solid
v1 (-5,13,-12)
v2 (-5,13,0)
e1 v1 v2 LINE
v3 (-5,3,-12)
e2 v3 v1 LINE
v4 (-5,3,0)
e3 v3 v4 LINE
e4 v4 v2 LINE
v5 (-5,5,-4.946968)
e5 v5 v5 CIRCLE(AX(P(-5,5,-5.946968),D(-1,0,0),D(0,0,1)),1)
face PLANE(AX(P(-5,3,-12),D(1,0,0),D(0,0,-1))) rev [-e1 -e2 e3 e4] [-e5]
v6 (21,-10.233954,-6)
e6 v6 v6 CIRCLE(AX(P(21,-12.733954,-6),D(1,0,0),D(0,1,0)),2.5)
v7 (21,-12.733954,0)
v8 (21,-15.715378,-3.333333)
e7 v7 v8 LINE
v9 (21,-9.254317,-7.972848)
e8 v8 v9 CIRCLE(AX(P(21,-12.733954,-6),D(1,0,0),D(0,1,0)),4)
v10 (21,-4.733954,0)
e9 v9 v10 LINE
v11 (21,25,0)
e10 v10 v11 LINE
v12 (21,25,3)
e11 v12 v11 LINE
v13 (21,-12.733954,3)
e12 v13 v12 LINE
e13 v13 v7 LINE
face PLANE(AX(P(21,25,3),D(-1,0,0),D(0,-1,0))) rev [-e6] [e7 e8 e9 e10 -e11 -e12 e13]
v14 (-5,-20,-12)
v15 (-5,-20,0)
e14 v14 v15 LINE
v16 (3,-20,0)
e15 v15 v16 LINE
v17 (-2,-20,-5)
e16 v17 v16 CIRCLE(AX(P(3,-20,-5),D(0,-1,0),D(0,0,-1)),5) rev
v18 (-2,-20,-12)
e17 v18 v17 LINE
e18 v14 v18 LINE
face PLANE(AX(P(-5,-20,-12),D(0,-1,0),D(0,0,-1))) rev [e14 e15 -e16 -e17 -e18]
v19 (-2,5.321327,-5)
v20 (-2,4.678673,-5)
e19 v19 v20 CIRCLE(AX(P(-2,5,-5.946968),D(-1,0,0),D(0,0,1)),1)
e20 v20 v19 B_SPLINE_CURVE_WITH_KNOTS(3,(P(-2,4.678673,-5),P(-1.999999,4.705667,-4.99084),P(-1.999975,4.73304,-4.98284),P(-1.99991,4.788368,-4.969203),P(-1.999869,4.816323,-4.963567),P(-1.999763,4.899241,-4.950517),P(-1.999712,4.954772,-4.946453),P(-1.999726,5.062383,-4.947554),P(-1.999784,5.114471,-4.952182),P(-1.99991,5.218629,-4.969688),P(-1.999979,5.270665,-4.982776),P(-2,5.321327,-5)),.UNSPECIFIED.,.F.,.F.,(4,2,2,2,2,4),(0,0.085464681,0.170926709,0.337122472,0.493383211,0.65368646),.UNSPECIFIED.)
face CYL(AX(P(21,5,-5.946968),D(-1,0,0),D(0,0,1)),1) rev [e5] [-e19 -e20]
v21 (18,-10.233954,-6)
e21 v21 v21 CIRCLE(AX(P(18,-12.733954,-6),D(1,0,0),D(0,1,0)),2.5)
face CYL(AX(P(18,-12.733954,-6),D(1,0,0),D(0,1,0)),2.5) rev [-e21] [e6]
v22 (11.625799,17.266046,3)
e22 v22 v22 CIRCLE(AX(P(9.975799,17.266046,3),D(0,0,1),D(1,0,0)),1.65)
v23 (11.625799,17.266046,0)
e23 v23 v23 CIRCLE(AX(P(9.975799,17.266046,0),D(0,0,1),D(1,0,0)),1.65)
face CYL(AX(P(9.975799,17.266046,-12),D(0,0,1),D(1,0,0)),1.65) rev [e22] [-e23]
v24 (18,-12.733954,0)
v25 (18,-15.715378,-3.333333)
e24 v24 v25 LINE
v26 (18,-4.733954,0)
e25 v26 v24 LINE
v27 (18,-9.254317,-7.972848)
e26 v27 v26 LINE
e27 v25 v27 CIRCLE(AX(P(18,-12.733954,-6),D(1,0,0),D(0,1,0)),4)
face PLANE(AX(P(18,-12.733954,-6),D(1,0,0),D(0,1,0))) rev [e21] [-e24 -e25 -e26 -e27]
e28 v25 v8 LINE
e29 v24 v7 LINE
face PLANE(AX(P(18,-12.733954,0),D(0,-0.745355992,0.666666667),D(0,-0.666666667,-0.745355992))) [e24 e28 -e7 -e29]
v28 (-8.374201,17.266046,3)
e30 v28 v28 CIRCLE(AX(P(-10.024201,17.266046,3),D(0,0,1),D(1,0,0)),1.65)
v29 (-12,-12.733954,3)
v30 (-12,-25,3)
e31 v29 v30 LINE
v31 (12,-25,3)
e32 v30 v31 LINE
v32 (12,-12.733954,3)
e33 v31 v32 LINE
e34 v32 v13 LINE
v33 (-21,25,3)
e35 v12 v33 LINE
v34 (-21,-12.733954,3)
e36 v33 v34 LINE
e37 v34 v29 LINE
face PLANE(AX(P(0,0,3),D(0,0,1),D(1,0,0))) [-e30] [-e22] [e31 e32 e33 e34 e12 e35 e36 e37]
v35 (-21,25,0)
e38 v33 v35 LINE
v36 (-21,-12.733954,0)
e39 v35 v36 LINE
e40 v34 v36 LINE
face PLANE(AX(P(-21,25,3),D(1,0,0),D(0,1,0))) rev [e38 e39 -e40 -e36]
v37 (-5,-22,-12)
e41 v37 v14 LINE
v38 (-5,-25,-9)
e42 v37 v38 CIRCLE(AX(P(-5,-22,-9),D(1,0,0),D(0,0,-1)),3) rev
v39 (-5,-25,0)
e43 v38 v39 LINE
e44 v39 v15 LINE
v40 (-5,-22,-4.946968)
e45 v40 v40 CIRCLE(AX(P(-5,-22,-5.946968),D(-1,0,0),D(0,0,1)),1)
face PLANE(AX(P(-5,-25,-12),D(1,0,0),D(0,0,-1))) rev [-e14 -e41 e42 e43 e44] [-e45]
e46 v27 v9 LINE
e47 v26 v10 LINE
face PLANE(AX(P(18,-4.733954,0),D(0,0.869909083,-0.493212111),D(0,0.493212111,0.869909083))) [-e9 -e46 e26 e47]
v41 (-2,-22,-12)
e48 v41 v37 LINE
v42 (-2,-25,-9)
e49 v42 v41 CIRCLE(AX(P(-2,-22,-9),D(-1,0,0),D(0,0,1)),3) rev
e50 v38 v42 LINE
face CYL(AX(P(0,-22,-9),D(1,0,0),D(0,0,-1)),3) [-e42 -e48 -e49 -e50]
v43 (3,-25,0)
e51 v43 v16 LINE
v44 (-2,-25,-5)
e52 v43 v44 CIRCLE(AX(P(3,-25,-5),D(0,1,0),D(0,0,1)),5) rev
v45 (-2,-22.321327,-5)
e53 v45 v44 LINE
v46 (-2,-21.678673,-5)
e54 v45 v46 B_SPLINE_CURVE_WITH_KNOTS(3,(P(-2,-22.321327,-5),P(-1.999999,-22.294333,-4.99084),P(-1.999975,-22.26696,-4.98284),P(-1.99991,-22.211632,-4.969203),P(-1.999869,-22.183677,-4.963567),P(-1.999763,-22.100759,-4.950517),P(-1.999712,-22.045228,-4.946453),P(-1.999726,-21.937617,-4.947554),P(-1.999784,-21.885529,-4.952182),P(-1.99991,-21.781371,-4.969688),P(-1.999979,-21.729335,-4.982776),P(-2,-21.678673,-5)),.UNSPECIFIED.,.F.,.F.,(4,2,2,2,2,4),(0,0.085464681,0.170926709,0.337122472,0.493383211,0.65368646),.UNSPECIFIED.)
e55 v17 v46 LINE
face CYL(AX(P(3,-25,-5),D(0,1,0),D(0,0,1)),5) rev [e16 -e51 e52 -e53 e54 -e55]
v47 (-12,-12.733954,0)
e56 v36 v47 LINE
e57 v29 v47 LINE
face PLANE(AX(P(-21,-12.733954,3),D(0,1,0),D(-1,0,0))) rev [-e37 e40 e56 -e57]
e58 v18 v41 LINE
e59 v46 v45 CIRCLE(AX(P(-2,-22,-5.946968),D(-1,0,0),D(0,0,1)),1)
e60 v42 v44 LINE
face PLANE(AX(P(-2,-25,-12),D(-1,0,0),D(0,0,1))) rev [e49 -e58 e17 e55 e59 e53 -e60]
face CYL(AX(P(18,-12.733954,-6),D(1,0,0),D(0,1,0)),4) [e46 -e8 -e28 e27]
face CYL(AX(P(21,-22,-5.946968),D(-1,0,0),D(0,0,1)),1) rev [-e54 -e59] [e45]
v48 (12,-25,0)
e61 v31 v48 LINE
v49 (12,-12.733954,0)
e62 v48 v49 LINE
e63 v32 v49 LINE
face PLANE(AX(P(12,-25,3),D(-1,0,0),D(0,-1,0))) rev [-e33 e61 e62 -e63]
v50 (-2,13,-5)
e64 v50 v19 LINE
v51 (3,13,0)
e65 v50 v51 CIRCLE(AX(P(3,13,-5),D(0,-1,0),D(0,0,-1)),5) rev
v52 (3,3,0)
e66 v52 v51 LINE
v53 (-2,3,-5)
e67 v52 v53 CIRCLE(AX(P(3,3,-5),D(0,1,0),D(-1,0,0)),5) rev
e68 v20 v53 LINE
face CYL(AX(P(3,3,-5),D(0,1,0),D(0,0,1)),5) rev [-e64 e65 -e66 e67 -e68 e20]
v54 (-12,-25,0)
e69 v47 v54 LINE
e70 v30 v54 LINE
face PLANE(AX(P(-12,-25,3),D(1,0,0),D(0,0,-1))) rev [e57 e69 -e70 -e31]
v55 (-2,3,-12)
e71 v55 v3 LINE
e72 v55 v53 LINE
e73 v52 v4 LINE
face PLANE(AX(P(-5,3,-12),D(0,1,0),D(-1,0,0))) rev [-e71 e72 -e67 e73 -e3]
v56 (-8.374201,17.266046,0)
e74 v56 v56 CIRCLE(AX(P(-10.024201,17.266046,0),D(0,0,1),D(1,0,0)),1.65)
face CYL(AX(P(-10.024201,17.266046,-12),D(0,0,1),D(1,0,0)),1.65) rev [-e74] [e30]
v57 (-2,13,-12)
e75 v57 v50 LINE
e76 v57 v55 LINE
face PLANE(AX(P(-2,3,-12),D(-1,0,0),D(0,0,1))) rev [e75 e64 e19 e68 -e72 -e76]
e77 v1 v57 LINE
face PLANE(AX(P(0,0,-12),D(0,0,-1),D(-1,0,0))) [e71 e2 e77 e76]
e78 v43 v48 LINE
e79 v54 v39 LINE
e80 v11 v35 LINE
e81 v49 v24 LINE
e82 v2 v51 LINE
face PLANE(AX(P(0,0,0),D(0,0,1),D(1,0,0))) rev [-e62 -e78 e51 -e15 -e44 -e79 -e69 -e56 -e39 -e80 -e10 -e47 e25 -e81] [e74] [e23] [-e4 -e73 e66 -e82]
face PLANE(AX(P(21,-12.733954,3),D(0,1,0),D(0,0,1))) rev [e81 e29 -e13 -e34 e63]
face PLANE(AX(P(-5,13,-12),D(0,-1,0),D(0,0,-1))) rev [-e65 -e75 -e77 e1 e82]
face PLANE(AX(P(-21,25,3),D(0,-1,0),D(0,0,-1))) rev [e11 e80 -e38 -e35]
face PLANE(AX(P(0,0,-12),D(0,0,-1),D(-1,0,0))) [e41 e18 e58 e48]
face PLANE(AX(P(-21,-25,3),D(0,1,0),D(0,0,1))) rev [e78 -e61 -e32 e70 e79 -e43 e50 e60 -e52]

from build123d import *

# Parameters (mm, degrees)
SKETCH_1_W          = 42
SKETCH_1_H          = 50
EXTRUDE_1_DEPTH     = 3
SKETCH_3_W          = 3
SKETCH_3_H          = 5
SKETCH_3_H_2        = 10
EXTRUDE_2_DEPTH     = 12
FILLET_1_R          = 5
FILLET_2_R          = 5
SKETCH_4_R          = 1
CUT_EXTRUDE_1_DEPTH = 27
SKETCH_5_R          = 2.5
EXTRUDE_3_DEPTH     = 3
SKETCH_6_W          = 9
SKETCH_6_H          = 12.266046359
CUT_EXTRUDE_2_DEPTH = 4
SKETCH_7_R          = 1.65
CUT_EXTRUDE_3_DEPTH = 16
FILLET_3_R          = 3


with BuildPart() as part:
    # 草图1 → 凸台-拉伸1 (new body)
    with BuildSketch(Plane.XY):
        Rectangle(SKETCH_1_W, SKETCH_1_H)
    extrude(amount=EXTRUDE_1_DEPTH)

    # 草图3 → 凸台-拉伸2 (add)
    with BuildSketch(Plane(origin=(0, 0, 0), x_dir=(-1, 0, 0), z_dir=(0, 0, -1))):
        with Locations((3.5, -22.5)):
            Rectangle(SKETCH_3_W, SKETCH_3_H)
        with Locations((3.5, 8)):
            Rectangle(SKETCH_3_W, SKETCH_3_H_2)
    extrude(amount=EXTRUDE_2_DEPTH)

    # 圆角1
    fillet_1_edges = [part.edges().sort_by_distance(p)[0] for p in [
        (-2, 8, 0),
    ]]
    fillet(fillet_1_edges, radius=FILLET_1_R)

    # 圆角2
    fillet_2_edges = [part.edges().sort_by_distance(p)[0] for p in [
        (-2, -22.5, 0),
    ]]
    fillet(fillet_2_edges, radius=FILLET_2_R)

    # 草图4 → 切除-拉伸1 (cut, through all)
    with BuildSketch(Plane.ZY.offset(5)):
        with Locations((-5.946968178, -22)):
            Circle(SKETCH_4_R)
        with Locations((-5.946968178, 5)):
            Circle(SKETCH_4_R)
    extrude(amount=-CUT_EXTRUDE_1_DEPTH, mode=Mode.SUBTRACT)

    # 草图5 → 凸台-拉伸3 (add)
    with BuildSketch(Plane(origin=(21, 0, 0), x_dir=(0, 0, -1), z_dir=(1, 0, 0))):
        with BuildLine():
            Line((0, -4.733953641), (0, -12.733953641))
            Line((0, -12.733953641), (3.333333333, -15.715377611))
            ThreePointArc((3.333333333, -15.715377611), (9.249103106, -15.067047939), (7.972848445, -9.254317307))
            Line((7.972848445, -9.254317307), (0, -4.733953641))
        make_face()
        with Locations((6, -12.733953641)):
            Circle(SKETCH_5_R, mode=Mode.SUBTRACT)
    extrude(amount=-EXTRUDE_3_DEPTH)

    # 草图6 → 切除-拉伸2 (cut, through all)
    with BuildSketch(Plane(origin=(0, 0, 0), x_dir=(-1, 0, 0), z_dir=(0, 0, -1))):
        with Locations((-16.5, -18.86697682)):
            Rectangle(SKETCH_6_W, SKETCH_6_H)
        with Locations((16.5, -18.86697682)):
            Rectangle(SKETCH_6_W, SKETCH_6_H)
    extrude(amount=-CUT_EXTRUDE_2_DEPTH, mode=Mode.SUBTRACT)

    # 草图7 → 切除-拉伸3 (cut, through all)
    with BuildSketch(Plane.XY.offset(3)):
        with Locations((9.975799492, 17.266046359)):
            Circle(SKETCH_7_R)
        with Locations((-10.024200508, 17.266046359)):
            Circle(SKETCH_7_R)
    extrude(amount=-CUT_EXTRUDE_3_DEPTH, mode=Mode.SUBTRACT)

    # 圆角3
    fillet_3_edges = [part.edges().sort_by_distance(p)[0] for p in [
        (-3.5, -25, -12),
    ]]
    fillet(fillet_3_edges, radius=FILLET_3_R)


solid = part.part
